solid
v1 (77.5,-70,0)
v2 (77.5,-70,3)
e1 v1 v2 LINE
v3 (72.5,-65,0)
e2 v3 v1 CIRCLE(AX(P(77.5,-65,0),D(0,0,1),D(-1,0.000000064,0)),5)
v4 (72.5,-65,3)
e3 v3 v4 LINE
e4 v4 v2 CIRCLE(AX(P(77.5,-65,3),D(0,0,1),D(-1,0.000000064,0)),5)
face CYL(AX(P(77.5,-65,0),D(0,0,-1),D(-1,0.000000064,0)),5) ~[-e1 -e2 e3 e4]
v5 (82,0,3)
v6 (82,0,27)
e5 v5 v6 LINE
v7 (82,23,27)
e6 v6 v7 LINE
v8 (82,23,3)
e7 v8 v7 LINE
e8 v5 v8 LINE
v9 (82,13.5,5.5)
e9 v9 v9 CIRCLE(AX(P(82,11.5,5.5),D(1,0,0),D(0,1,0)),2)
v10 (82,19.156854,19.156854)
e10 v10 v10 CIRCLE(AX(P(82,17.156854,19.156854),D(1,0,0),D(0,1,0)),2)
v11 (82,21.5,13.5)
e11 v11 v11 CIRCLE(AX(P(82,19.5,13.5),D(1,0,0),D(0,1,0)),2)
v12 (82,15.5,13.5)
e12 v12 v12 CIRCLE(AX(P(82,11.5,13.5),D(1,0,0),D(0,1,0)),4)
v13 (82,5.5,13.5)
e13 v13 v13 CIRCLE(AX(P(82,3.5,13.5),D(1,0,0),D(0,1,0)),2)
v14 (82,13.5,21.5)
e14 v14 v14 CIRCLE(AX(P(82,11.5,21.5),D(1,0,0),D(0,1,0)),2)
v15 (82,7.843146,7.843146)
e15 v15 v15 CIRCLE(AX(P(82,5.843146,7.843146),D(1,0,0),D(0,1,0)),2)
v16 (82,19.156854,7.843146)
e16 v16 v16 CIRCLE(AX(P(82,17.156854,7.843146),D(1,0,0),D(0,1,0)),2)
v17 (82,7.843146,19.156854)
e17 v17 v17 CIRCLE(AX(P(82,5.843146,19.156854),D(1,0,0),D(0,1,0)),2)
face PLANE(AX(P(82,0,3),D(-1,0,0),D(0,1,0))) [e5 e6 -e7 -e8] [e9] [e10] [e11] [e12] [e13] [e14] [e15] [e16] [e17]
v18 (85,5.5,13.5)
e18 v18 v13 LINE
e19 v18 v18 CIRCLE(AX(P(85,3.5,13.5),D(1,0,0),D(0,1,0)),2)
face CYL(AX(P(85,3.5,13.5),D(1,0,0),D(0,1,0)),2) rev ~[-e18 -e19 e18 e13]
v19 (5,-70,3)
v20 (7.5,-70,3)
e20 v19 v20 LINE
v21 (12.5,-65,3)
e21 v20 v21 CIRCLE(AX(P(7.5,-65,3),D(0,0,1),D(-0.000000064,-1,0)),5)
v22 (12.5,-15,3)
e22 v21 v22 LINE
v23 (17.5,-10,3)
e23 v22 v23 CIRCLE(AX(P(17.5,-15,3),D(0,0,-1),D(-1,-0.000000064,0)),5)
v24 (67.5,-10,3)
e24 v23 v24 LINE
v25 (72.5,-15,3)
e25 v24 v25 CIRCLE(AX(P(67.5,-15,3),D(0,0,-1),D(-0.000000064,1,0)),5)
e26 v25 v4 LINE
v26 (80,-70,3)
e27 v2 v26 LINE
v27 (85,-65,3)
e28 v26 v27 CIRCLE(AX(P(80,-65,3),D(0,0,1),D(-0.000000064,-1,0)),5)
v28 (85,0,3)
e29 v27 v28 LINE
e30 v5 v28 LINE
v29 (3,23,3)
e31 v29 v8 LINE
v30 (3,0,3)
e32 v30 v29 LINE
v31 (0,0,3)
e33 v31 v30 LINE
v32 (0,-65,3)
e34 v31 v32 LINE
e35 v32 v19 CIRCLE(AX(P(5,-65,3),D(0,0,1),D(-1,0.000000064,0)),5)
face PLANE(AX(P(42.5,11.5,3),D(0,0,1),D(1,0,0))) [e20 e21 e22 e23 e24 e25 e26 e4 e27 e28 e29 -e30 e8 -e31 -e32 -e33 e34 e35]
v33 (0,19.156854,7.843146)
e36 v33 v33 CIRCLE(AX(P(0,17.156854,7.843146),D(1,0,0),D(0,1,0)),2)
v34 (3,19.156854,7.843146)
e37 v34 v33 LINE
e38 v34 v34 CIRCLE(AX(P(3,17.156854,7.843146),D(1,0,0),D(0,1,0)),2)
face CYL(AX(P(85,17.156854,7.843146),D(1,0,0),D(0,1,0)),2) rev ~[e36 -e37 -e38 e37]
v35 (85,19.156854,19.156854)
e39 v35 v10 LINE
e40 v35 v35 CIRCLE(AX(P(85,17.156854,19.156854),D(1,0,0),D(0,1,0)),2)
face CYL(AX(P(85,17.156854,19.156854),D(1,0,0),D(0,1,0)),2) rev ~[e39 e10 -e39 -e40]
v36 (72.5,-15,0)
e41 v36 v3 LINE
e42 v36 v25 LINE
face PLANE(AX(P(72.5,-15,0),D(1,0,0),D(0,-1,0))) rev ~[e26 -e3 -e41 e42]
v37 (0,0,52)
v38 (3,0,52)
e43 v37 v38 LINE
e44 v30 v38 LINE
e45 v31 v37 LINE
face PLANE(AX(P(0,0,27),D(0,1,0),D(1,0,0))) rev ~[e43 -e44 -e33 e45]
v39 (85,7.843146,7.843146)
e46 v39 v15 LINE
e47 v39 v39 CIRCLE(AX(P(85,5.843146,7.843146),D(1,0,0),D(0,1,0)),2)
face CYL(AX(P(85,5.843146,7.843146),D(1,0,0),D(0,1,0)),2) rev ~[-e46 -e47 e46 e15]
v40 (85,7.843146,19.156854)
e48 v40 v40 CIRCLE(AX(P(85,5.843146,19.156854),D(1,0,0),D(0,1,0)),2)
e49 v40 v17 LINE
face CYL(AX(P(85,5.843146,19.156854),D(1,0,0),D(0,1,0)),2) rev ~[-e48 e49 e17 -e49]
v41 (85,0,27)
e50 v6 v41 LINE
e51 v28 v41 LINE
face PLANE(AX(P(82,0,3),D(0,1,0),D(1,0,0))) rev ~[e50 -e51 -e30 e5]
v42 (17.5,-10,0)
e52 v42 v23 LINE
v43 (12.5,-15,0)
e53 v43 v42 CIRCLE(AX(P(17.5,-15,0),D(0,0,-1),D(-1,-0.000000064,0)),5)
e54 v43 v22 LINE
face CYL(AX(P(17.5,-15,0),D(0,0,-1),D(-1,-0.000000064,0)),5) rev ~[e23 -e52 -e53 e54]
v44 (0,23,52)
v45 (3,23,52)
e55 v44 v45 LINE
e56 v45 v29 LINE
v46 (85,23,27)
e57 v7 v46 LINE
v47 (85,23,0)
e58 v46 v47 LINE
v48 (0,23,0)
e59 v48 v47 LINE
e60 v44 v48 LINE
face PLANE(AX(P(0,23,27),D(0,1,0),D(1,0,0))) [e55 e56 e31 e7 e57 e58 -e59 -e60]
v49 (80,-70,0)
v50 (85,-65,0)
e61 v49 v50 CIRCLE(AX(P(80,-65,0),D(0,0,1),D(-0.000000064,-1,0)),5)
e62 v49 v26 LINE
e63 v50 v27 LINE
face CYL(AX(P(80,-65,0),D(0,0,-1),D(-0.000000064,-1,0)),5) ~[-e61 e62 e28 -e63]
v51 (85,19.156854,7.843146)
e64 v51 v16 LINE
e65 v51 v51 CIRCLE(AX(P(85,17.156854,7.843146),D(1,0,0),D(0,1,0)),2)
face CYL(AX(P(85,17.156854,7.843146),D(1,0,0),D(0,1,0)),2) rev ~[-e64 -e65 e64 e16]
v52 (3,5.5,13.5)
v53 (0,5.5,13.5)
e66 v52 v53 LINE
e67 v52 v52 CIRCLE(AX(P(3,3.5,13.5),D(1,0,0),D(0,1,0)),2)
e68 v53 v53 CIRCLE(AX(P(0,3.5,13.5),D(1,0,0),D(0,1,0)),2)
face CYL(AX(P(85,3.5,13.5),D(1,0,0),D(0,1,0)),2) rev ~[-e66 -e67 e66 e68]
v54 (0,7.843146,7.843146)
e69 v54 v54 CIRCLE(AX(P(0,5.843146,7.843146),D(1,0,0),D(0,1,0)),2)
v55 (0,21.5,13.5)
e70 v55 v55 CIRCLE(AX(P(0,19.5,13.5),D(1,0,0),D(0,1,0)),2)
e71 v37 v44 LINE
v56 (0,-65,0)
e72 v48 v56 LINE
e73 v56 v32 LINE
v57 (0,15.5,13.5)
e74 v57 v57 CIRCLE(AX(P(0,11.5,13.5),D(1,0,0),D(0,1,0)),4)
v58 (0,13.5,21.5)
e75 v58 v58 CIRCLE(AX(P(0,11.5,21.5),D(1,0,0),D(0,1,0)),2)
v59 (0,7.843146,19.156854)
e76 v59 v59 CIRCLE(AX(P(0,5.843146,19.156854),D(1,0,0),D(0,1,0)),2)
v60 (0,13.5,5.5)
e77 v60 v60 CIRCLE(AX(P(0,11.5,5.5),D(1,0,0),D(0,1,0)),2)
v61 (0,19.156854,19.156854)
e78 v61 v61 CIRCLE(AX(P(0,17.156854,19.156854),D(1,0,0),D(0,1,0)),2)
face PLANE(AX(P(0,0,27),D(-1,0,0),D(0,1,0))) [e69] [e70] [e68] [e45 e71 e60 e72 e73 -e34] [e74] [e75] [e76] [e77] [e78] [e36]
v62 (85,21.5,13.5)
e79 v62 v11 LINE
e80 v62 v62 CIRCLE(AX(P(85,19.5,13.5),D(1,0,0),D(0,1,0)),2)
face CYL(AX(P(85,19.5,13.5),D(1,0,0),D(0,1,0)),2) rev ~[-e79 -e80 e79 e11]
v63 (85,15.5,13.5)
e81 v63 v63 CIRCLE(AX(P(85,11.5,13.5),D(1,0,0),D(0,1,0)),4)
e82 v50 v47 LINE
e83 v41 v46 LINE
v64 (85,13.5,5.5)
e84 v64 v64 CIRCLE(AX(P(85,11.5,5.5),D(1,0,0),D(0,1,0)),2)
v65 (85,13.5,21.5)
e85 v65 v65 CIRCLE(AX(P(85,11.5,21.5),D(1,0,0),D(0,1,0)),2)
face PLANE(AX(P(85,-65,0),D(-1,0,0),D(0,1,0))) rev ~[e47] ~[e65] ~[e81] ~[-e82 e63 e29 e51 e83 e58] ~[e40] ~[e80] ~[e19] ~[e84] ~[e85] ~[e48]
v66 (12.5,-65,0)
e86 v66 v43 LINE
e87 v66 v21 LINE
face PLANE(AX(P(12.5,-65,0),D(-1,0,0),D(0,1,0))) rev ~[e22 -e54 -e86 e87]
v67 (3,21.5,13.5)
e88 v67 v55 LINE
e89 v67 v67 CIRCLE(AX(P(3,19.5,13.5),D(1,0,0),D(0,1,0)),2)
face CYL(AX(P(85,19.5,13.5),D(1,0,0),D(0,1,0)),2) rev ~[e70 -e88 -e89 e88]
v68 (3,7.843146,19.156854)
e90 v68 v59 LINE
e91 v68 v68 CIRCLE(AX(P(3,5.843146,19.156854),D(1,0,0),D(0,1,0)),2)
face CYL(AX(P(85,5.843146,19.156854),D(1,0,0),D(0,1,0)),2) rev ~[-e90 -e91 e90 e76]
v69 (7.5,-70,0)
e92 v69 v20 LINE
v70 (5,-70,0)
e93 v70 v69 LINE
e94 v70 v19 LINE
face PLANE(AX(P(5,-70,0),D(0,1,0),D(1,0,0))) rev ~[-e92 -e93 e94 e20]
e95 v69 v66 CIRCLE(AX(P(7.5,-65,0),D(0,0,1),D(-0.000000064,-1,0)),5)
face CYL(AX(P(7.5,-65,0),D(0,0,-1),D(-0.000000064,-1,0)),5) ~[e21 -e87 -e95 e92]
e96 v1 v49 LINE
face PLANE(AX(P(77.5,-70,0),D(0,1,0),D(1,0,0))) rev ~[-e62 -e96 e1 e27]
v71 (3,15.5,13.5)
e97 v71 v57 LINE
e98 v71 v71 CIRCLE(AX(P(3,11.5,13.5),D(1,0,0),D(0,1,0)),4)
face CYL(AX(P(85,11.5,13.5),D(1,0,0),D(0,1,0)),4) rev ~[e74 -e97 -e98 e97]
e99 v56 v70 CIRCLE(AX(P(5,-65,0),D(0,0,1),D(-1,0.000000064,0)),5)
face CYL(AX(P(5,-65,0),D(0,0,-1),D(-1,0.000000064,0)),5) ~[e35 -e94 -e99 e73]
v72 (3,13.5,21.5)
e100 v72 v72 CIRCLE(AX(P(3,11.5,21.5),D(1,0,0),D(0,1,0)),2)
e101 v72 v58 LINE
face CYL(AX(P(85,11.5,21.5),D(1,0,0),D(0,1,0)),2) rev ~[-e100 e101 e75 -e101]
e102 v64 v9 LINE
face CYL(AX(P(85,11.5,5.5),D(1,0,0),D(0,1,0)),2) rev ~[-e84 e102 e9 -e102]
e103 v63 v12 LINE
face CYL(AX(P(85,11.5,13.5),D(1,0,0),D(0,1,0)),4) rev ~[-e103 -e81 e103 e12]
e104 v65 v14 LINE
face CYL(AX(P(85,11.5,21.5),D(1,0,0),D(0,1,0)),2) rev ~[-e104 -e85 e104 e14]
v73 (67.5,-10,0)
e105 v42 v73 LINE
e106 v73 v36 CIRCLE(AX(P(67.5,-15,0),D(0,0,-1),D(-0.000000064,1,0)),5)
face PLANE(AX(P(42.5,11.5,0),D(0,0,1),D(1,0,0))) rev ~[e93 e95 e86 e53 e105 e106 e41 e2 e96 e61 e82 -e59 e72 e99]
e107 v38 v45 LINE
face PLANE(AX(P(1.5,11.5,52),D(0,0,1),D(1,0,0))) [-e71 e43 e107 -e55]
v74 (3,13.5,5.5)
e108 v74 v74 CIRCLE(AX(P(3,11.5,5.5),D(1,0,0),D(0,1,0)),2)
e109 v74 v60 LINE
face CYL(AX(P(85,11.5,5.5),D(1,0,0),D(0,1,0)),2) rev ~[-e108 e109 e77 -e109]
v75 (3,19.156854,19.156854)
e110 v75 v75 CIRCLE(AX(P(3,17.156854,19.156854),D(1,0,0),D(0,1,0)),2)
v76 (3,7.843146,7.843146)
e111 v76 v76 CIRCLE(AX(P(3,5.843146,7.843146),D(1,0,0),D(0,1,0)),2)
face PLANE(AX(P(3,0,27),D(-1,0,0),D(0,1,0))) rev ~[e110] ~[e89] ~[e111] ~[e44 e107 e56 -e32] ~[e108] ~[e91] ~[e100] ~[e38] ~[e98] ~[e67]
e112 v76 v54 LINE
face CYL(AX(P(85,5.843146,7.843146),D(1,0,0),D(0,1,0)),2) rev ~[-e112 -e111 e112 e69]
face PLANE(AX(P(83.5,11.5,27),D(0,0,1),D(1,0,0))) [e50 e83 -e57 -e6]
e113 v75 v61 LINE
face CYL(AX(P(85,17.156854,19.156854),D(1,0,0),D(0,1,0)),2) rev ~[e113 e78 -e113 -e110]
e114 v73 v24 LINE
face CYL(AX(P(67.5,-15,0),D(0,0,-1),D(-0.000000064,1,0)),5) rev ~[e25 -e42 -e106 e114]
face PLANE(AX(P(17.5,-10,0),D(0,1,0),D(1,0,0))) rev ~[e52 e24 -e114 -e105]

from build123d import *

# Parameters (mm, degrees)
F0_W     = 85
F0_H     = 23
F1_DEPTH = 3
F2_W     = 3
F2_H     = 23
F3_DEPTH = 24
F4_W     = 3
F4_H     = 23
F5_DEPTH = 25
F6_R     = 2
F6_R_2   = 4
F7_DEPTH = 100


with BuildPart() as f1:
    # F0 (on Top) → F1 (new body)
    with BuildSketch(Plane.XY):
        with Locations((42.5, 11.5)):
            Rectangle(F0_W, F0_H)
        with BuildLine():
            Line((85, 0), (0, 0))
            Line((0, 0), (0, -10))
            Line((0, -10), (0, -65))
            ThreePointArc((0, -65), (1.464466, -68.535534), (5, -70))
            Line((5, -70), (7.5, -70))
            ThreePointArc((7.5, -70), (11.035534, -68.535534), (12.5, -65))
            Line((12.5, -65), (12.5, -15))
            ThreePointArc((12.5, -15), (13.964466, -11.464466), (17.5, -10))
            Line((17.5, -10), (67.5, -10))
            ThreePointArc((67.5, -10), (71.035534, -11.464466), (72.5, -15))
            Line((72.5, -15), (72.5, -65))
            ThreePointArc((72.5, -65), (73.964466, -68.535534), (77.5, -70))
            Line((77.5, -70), (80, -70))
            ThreePointArc((80, -70), (83.535534, -68.535534), (85, -65))
            Line((85, -65), (85, -10))
            Line((85, -10), (85, 0))
        make_face()
    extrude(amount=F1_DEPTH)

    # F2 (on face) → F3 (join)
    with BuildSketch(Plane.XY.offset(3)):
        with Locations((1.5, 11.5)):
            Rectangle(F2_W, F2_H)
        with Locations((83.5, 11.5)):
            Rectangle(F2_W, F2_H)
    extrude(amount=F3_DEPTH)

    # F4 (on face) → F5 (join)
    with BuildSketch(Plane.XY.offset(27)):
        with Locations((1.5, 11.5)):
            Rectangle(F4_W, F4_H)
    extrude(amount=F5_DEPTH)

    # F6 (on face) → F7 (cut)
    with BuildSketch(Plane.YZ.offset(85)):
        with Locations((19.5, 13.5)):
            Circle(F6_R)
        with Locations((17.156854, 19.156854)):
            Circle(F6_R)
        with Locations((11.5, 21.5)):
            Circle(F6_R)
        with Locations((5.843146, 19.156854)):
            Circle(F6_R)
        with Locations((3.5, 13.5)):
            Circle(F6_R)
        with Locations((5.843146, 7.843146)):
            Circle(F6_R)
        with Locations((11.5, 5.5)):
            Circle(F6_R)
        with Locations((17.156854, 7.843146)):
            Circle(F6_R)
        with Locations((11.5, 13.5)):
            Circle(F6_R_2)
    extrude(amount=-F7_DEPTH, mode=Mode.SUBTRACT)


solid = f1.part
